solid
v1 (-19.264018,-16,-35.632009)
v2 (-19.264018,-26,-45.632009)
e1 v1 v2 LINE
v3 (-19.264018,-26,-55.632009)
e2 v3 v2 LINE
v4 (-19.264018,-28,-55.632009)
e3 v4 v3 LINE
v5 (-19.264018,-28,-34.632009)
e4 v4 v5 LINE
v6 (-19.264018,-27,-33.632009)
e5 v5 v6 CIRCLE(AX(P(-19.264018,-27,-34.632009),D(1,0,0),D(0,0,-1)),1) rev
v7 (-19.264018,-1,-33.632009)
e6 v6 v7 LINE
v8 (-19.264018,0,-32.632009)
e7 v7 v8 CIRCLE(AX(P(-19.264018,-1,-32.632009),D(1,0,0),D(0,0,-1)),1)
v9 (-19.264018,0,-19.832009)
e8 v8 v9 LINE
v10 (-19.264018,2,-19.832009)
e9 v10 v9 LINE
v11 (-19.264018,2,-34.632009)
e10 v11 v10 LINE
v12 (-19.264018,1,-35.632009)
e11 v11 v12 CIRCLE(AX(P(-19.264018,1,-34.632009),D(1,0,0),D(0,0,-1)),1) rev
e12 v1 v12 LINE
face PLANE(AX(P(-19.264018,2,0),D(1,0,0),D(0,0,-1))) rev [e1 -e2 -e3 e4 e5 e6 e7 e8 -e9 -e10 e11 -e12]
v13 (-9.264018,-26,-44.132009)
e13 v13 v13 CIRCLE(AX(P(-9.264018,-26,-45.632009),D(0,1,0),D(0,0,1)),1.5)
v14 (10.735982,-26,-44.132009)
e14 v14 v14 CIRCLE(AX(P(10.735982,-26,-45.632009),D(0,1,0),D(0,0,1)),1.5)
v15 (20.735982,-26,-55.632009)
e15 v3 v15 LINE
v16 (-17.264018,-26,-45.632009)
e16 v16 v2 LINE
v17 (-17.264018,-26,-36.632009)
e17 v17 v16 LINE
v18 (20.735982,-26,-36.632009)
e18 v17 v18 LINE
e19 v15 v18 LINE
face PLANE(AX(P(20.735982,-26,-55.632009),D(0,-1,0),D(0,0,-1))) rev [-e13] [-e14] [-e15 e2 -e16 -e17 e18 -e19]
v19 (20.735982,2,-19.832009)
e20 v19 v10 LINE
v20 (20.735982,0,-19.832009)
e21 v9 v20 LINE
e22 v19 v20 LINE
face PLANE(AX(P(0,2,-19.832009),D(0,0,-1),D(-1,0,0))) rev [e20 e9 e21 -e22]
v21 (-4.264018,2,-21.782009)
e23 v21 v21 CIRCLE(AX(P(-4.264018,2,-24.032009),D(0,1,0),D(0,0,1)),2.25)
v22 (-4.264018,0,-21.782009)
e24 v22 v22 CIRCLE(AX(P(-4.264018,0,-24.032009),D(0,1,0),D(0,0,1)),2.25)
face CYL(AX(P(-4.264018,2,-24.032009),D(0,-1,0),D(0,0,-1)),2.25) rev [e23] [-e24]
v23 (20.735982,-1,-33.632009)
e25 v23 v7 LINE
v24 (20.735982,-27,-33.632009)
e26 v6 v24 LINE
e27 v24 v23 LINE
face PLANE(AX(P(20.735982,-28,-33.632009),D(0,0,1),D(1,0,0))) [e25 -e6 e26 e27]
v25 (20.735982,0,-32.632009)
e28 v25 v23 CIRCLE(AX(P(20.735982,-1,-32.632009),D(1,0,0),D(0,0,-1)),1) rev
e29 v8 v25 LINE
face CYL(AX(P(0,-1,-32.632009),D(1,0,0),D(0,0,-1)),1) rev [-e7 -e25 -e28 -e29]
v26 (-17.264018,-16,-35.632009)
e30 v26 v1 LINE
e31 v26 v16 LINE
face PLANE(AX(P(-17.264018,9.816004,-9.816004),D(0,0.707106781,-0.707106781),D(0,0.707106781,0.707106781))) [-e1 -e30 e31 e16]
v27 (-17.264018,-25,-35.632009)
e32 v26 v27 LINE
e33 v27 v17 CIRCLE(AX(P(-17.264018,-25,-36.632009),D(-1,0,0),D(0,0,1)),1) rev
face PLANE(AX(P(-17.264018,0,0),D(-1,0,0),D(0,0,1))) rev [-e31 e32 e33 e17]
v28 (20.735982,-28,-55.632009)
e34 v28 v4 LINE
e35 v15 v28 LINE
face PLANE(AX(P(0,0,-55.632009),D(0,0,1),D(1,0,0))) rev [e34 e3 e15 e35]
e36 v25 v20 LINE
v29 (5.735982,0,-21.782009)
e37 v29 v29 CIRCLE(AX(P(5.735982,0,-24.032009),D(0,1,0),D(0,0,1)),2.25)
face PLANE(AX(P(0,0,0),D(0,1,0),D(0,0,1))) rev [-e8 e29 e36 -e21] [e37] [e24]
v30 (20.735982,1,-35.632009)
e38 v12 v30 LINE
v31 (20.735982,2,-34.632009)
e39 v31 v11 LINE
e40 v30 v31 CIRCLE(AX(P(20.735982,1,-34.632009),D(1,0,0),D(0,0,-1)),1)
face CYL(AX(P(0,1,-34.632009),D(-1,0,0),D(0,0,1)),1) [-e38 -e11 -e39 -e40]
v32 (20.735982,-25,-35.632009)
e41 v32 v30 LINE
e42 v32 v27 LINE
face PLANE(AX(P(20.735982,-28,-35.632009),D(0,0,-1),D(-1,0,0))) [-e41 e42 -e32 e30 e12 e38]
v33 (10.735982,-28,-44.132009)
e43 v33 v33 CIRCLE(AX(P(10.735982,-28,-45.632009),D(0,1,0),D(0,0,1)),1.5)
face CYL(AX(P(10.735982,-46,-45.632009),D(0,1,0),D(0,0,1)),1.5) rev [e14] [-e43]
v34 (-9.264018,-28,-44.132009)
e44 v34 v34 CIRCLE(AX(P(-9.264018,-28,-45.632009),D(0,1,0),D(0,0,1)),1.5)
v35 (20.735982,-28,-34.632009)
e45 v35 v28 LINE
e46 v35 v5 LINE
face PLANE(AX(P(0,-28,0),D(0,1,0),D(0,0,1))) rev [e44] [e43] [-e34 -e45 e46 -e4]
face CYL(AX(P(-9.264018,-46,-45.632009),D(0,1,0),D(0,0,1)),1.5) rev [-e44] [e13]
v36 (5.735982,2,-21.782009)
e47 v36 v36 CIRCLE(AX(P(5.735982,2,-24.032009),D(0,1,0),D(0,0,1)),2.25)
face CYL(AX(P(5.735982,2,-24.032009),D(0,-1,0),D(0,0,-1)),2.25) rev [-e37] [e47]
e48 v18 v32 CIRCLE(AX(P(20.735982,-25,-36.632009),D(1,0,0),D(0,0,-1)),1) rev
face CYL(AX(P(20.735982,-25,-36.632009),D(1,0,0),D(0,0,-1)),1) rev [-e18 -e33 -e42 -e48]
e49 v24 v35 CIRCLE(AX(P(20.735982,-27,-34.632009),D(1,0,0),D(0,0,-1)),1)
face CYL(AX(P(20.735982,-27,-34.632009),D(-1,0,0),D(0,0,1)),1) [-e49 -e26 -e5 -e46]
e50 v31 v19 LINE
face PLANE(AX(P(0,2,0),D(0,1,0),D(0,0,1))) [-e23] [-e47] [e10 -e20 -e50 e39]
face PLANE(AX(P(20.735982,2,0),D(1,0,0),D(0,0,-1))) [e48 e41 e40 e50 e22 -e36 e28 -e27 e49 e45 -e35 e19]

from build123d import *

# Parameters (mm, degrees)
SKETCH1_W           = 40
SKETCH1_H           = 100
SKETCH1_R           = 1.5
SKETCH1_R_2         = 2.25
BOSS_EXTRUDE1_DEPTH = 2
SKETCH2_W           = 40
SKETCH2_H           = 16
CUT_EXTRUDE1_DEPTH  = 10
SKETCH4_W           = 40
SKETCH4_H           = 2
BOSS_EXTRUDE2_DEPTH = 30
SKETCH5_W           = 40
SKETCH5_H           = 2
BOSS_EXTRUDE3_DEPTH = 20
SKETCH6_W           = 40
SKETCH6_H           = 2
BOSS_EXTRUDE4_DEPTH = 20
FILLET1_R           = 1
SKETCH7_R           = 1.5
CUT_EXTRUDE2_DEPTH  = 20
SKETCH8_R           = 1.5
CUT_EXTRUDE3_DEPTH  = 20
SKETCH9_R           = 2.25
CUT_EXTRUDE4_DEPTH  = 68.136662164
SKETCH10_W          = 1
SKETCH10_H          = 6.8
BOSS_EXTRUDE5_DEPTH = 2
BOSS_EXTRUDE6_START = -2
BOSS_EXTRUDE6_DEPTH = 2


with BuildPart() as part:
    # Sketch1 → Boss-Extrude1 (new body)
    with BuildSketch(Plane(origin=(0, 0, 0), x_dir=(1, 0, 0), z_dir=(0, 1, 0))):
        with Locations((0.735982487, -0.367991244)):
            Rectangle(SKETCH1_W, SKETCH1_H)
        with Locations(Location((-9.264017513, -40.367991244, 0), (0, 0, 270))):
            Circle(SKETCH1_R, mode=Mode.SUBTRACT)
        with Locations(Location((-4.264017513, -24.767991244, 0), (0, 0, 270))):
            Circle(SKETCH1_R_2, mode=Mode.SUBTRACT)
        with Locations(Location((10.735982487, -40.367991244, 0), (0, 0, 270))):
            Circle(SKETCH1_R, mode=Mode.SUBTRACT)
        with Locations(Location((5.735982487, -24.767991244, 0), (0, 0, 270))):
            Circle(SKETCH1_R_2, mode=Mode.SUBTRACT)
        with Locations(Location((-4.264017513, 24.032008756, 0), (0, 0, 270))):
            Circle(SKETCH1_R_2, mode=Mode.SUBTRACT)
        with Locations(Location((-9.264017513, 39.632008756, 0), (0, 0, 270))):
            Circle(SKETCH1_R, mode=Mode.SUBTRACT)
        Polygon((0.235982487, 26.632008756), (0.735982487, 26.632008756), (1.235982487, 26.632008756), (1.235982487, 19.832008756), (10.735982487, 19.832008756), (10.735982487, -20.567991244), (1.235982487, -20.567991244), (1.235982487, -27.367991244), (0.735982487, -27.367991244), (0.235982487, -27.367991244), (0.235982487, -20.567991244), (-9.264017513, -20.567991244), (-9.264017513, 19.832008756), (0.235982487, 19.832008756), align=None, mode=Mode.SUBTRACT)
        with Locations(Location((5.735982487, 24.032008756, 0), (0, 0, 270))):
            Circle(SKETCH1_R_2, mode=Mode.SUBTRACT)
        with Locations(Location((10.735982487, 39.632008756, 0), (0, 0, 270))):
            Circle(SKETCH1_R, mode=Mode.SUBTRACT)
    extrude(amount=BOSS_EXTRUDE1_DEPTH)

    # Sketch2 → Cut-Extrude1 (cut)
    with BuildSketch(Plane(origin=(0, 2, 0), x_dir=(1, 0, 0), z_dir=(0, 1, 0))):
        with Locations((0.735982487, 41.632008756)):
            Rectangle(SKETCH2_W, SKETCH2_H)
        with Locations((0.735982487, -42.367991244)):
            Rectangle(SKETCH2_W, SKETCH2_H)
    extrude(amount=-CUT_EXTRUDE1_DEPTH, mode=Mode.SUBTRACT)

    # Sketch4 → Boss-Extrude2 (add)
    with BuildSketch(Plane(origin=(0, 2, 0), x_dir=(1, 0, 0), z_dir=(0, 1, 0))):
        with Locations((0.735982487, -35.367991244)):
            Rectangle(SKETCH4_W, SKETCH4_H)
        with Locations((0.735982487, 34.632008756)):
            Rectangle(SKETCH4_W, SKETCH4_H)
    extrude(amount=-BOSS_EXTRUDE2_DEPTH)

    # Sketch5 → Boss-Extrude3 (add)
    with BuildSketch(Plane(origin=(0, 0, -35.632008756), x_dir=(-1, 0, 0), z_dir=(0, 0, -1))):
        with Locations((-0.735982487, -27)):
            Rectangle(SKETCH5_W, SKETCH5_H)
    extrude(amount=BOSS_EXTRUDE3_DEPTH)

    # Sketch6 → Boss-Extrude4 (add)
    with BuildSketch(Plane.XY.offset(36.367991244)):
        with Locations((0.735982487, -27)):
            Rectangle(SKETCH6_W, SKETCH6_H)
    extrude(amount=BOSS_EXTRUDE4_DEPTH)

    # Fillet1
    fillet1_edges = [part.edges().sort_by_distance(p)[0] for p in [
        (0.735982487, -28, 34.367991244),
        (0.735982487, 2, 36.367991244),
        (0.735982487, -28, -33.632008756),
        (0.735982487, 2, -35.632008756),
        (0.735982487, -26, -35.632008756),
        (0.735982487, -26, 36.367991244),
        (0.735982487, 0, 34.367991244),
        (0.735982487, 0, -33.632008756),
    ]]
    fillet(fillet1_edges, radius=FILLET1_R)

    # Sketch7 → Cut-Extrude2 (cut)
    with BuildSketch(Plane(origin=(0, -26, 0), x_dir=(1, 0, 0), z_dir=(0, 1, 0))):
        with Locations(Location((-9.264017513, 45.632008756, 0), (0, 0, 270))):
            Circle(SKETCH7_R)
        with Locations(Location((10.735982487, 45.632008756, 0), (0, 0, 270))):
            Circle(SKETCH7_R)
    extrude(amount=-CUT_EXTRUDE2_DEPTH, mode=Mode.SUBTRACT)

    # Sketch8 → Cut-Extrude3 (cut)
    with BuildSketch(Plane(origin=(0, -26, 0), x_dir=(1, 0, 0), z_dir=(0, 1, 0))):
        with Locations(Location((10.735982487, -46.367991244, 0), (0, 0, 270))):
            Circle(SKETCH8_R)
        with Locations(Location((-9.264017513, -46.367991244, 0), (0, 0, 270))):
            Circle(SKETCH8_R)
    extrude(amount=-CUT_EXTRUDE3_DEPTH, mode=Mode.SUBTRACT)

    # Sketch9 → Cut-Extrude4 (cut, through all)
    # profile 1 of 5: a face of its own
    with BuildSketch(Plane(origin=(0, 2, 0), x_dir=(1, 0, 0), z_dir=(0, 1, 0))):
        Polygon((36.675013235, 19.832008756), (20.735982487, 19.832008756), (20.735982487, -35.367991244), (10.735982487, -35.367991244), (10.735982487, -99.31179038), (10.735982487, -106.86631097), (36.675013235, -106.86631097), align=None)
    # profile 2 of 5: a face of its own
    with BuildSketch(Plane(origin=(0, 2, 0), x_dir=(1, 0, 0), z_dir=(0, 1, 0))):
        Polygon((10.735982487, -20.567991244), (10.735982487, 19.832008756), (1.235982487, 19.832008756), (0.235982487, 19.832008756), (-9.264017513, 19.832008756), (-9.264017513, -20.567991244), (0.235982487, -20.567991244), (0.235982487, -27.367991244), (1.235982487, -27.367991244), (1.235982487, -20.567991244), align=None)
    # profile 3 of 5: a face of its own
    with BuildSketch(Plane(origin=(0, 2, 0), x_dir=(1, 0, 0), z_dir=(0, 1, 0))):
        Polygon((10.735982487, -35.367991244), (10.735982487, -20.567991244), (1.235982487, -20.567991244), (1.235982487, -27.367991244), (0.235982487, -27.367991244), (0.235982487, -20.567991244), (-9.264017513, -20.567991244), (-9.264017513, 19.832008756), (-19.264017513, 19.832008756), (-19.264017513, -35.367991244), align=None)
        with Locations((-4.264017513, -24.767991244)):
            Circle(SKETCH9_R, mode=Mode.SUBTRACT)
        with Locations((5.735982487, -24.767991244)):
            Circle(SKETCH9_R, mode=Mode.SUBTRACT)
    # profile 4 of 5: a face of its own
    with BuildSketch(Plane(origin=(0, 2, 0), x_dir=(1, 0, 0), z_dir=(0, 1, 0))):
        Polygon((20.735982487, 19.832008756), (10.735982487, 19.832008756), (10.735982487, -20.567991244), (10.735982487, -35.367991244), (20.735982487, -35.367991244), align=None)
    # profile 5 of 5: a face of its own
    with BuildSketch(Plane(origin=(0, 2, 0), x_dir=(1, 0, 0), z_dir=(0, 1, 0))):
        Polygon((10.735982487, -99.31179038), (10.735982487, -35.367991244), (-19.264017513, -35.367991244), (-19.264017513, 19.832008756), (-32.318048619, 19.832008756), (-32.318048619, -99.31179038), align=None)
    extrude(amount=-CUT_EXTRUDE4_DEPTH, mode=Mode.SUBTRACT)

    # Sketch10 → Boss-Extrude5 (add)
    with BuildSketch(Plane(origin=(0, 2, 0), x_dir=(1, 0, 0), z_dir=(0, 1, 0))):
        with Locations((0.735982487, 23.232008756)):
            Rectangle(SKETCH10_W, SKETCH10_H)
    extrude(amount=-BOSS_EXTRUDE5_DEPTH)

    # Sketch11 → Boss-Extrude6 (add)
    with BuildSketch(Plane.ZY.offset(19.264017513).offset(BOSS_EXTRUDE6_START)):
        with BuildLine():
            Line((-35.632008756, -25), (-35.632008756, -16))
            Line((-35.632008756, -16), (-45.632008756, -26))
            Line((-45.632008756, -26), (-36.632008756, -26))
            ThreePointArc((-36.632008756, -26), (-37.339115537, -24.292893219), (-35.632008756, -25))
        make_face()
        with BuildLine():
            ThreePointArc((-36.632008756, -26), (-35.924901975, -25.707106781), (-35.632008756, -25))
            ThreePointArc((-35.632008756, -25), (-37.339115537, -24.292893219), (-36.632008756, -26))
        make_face()
    extrude(amount=BOSS_EXTRUDE6_DEPTH)


solid = part.part
